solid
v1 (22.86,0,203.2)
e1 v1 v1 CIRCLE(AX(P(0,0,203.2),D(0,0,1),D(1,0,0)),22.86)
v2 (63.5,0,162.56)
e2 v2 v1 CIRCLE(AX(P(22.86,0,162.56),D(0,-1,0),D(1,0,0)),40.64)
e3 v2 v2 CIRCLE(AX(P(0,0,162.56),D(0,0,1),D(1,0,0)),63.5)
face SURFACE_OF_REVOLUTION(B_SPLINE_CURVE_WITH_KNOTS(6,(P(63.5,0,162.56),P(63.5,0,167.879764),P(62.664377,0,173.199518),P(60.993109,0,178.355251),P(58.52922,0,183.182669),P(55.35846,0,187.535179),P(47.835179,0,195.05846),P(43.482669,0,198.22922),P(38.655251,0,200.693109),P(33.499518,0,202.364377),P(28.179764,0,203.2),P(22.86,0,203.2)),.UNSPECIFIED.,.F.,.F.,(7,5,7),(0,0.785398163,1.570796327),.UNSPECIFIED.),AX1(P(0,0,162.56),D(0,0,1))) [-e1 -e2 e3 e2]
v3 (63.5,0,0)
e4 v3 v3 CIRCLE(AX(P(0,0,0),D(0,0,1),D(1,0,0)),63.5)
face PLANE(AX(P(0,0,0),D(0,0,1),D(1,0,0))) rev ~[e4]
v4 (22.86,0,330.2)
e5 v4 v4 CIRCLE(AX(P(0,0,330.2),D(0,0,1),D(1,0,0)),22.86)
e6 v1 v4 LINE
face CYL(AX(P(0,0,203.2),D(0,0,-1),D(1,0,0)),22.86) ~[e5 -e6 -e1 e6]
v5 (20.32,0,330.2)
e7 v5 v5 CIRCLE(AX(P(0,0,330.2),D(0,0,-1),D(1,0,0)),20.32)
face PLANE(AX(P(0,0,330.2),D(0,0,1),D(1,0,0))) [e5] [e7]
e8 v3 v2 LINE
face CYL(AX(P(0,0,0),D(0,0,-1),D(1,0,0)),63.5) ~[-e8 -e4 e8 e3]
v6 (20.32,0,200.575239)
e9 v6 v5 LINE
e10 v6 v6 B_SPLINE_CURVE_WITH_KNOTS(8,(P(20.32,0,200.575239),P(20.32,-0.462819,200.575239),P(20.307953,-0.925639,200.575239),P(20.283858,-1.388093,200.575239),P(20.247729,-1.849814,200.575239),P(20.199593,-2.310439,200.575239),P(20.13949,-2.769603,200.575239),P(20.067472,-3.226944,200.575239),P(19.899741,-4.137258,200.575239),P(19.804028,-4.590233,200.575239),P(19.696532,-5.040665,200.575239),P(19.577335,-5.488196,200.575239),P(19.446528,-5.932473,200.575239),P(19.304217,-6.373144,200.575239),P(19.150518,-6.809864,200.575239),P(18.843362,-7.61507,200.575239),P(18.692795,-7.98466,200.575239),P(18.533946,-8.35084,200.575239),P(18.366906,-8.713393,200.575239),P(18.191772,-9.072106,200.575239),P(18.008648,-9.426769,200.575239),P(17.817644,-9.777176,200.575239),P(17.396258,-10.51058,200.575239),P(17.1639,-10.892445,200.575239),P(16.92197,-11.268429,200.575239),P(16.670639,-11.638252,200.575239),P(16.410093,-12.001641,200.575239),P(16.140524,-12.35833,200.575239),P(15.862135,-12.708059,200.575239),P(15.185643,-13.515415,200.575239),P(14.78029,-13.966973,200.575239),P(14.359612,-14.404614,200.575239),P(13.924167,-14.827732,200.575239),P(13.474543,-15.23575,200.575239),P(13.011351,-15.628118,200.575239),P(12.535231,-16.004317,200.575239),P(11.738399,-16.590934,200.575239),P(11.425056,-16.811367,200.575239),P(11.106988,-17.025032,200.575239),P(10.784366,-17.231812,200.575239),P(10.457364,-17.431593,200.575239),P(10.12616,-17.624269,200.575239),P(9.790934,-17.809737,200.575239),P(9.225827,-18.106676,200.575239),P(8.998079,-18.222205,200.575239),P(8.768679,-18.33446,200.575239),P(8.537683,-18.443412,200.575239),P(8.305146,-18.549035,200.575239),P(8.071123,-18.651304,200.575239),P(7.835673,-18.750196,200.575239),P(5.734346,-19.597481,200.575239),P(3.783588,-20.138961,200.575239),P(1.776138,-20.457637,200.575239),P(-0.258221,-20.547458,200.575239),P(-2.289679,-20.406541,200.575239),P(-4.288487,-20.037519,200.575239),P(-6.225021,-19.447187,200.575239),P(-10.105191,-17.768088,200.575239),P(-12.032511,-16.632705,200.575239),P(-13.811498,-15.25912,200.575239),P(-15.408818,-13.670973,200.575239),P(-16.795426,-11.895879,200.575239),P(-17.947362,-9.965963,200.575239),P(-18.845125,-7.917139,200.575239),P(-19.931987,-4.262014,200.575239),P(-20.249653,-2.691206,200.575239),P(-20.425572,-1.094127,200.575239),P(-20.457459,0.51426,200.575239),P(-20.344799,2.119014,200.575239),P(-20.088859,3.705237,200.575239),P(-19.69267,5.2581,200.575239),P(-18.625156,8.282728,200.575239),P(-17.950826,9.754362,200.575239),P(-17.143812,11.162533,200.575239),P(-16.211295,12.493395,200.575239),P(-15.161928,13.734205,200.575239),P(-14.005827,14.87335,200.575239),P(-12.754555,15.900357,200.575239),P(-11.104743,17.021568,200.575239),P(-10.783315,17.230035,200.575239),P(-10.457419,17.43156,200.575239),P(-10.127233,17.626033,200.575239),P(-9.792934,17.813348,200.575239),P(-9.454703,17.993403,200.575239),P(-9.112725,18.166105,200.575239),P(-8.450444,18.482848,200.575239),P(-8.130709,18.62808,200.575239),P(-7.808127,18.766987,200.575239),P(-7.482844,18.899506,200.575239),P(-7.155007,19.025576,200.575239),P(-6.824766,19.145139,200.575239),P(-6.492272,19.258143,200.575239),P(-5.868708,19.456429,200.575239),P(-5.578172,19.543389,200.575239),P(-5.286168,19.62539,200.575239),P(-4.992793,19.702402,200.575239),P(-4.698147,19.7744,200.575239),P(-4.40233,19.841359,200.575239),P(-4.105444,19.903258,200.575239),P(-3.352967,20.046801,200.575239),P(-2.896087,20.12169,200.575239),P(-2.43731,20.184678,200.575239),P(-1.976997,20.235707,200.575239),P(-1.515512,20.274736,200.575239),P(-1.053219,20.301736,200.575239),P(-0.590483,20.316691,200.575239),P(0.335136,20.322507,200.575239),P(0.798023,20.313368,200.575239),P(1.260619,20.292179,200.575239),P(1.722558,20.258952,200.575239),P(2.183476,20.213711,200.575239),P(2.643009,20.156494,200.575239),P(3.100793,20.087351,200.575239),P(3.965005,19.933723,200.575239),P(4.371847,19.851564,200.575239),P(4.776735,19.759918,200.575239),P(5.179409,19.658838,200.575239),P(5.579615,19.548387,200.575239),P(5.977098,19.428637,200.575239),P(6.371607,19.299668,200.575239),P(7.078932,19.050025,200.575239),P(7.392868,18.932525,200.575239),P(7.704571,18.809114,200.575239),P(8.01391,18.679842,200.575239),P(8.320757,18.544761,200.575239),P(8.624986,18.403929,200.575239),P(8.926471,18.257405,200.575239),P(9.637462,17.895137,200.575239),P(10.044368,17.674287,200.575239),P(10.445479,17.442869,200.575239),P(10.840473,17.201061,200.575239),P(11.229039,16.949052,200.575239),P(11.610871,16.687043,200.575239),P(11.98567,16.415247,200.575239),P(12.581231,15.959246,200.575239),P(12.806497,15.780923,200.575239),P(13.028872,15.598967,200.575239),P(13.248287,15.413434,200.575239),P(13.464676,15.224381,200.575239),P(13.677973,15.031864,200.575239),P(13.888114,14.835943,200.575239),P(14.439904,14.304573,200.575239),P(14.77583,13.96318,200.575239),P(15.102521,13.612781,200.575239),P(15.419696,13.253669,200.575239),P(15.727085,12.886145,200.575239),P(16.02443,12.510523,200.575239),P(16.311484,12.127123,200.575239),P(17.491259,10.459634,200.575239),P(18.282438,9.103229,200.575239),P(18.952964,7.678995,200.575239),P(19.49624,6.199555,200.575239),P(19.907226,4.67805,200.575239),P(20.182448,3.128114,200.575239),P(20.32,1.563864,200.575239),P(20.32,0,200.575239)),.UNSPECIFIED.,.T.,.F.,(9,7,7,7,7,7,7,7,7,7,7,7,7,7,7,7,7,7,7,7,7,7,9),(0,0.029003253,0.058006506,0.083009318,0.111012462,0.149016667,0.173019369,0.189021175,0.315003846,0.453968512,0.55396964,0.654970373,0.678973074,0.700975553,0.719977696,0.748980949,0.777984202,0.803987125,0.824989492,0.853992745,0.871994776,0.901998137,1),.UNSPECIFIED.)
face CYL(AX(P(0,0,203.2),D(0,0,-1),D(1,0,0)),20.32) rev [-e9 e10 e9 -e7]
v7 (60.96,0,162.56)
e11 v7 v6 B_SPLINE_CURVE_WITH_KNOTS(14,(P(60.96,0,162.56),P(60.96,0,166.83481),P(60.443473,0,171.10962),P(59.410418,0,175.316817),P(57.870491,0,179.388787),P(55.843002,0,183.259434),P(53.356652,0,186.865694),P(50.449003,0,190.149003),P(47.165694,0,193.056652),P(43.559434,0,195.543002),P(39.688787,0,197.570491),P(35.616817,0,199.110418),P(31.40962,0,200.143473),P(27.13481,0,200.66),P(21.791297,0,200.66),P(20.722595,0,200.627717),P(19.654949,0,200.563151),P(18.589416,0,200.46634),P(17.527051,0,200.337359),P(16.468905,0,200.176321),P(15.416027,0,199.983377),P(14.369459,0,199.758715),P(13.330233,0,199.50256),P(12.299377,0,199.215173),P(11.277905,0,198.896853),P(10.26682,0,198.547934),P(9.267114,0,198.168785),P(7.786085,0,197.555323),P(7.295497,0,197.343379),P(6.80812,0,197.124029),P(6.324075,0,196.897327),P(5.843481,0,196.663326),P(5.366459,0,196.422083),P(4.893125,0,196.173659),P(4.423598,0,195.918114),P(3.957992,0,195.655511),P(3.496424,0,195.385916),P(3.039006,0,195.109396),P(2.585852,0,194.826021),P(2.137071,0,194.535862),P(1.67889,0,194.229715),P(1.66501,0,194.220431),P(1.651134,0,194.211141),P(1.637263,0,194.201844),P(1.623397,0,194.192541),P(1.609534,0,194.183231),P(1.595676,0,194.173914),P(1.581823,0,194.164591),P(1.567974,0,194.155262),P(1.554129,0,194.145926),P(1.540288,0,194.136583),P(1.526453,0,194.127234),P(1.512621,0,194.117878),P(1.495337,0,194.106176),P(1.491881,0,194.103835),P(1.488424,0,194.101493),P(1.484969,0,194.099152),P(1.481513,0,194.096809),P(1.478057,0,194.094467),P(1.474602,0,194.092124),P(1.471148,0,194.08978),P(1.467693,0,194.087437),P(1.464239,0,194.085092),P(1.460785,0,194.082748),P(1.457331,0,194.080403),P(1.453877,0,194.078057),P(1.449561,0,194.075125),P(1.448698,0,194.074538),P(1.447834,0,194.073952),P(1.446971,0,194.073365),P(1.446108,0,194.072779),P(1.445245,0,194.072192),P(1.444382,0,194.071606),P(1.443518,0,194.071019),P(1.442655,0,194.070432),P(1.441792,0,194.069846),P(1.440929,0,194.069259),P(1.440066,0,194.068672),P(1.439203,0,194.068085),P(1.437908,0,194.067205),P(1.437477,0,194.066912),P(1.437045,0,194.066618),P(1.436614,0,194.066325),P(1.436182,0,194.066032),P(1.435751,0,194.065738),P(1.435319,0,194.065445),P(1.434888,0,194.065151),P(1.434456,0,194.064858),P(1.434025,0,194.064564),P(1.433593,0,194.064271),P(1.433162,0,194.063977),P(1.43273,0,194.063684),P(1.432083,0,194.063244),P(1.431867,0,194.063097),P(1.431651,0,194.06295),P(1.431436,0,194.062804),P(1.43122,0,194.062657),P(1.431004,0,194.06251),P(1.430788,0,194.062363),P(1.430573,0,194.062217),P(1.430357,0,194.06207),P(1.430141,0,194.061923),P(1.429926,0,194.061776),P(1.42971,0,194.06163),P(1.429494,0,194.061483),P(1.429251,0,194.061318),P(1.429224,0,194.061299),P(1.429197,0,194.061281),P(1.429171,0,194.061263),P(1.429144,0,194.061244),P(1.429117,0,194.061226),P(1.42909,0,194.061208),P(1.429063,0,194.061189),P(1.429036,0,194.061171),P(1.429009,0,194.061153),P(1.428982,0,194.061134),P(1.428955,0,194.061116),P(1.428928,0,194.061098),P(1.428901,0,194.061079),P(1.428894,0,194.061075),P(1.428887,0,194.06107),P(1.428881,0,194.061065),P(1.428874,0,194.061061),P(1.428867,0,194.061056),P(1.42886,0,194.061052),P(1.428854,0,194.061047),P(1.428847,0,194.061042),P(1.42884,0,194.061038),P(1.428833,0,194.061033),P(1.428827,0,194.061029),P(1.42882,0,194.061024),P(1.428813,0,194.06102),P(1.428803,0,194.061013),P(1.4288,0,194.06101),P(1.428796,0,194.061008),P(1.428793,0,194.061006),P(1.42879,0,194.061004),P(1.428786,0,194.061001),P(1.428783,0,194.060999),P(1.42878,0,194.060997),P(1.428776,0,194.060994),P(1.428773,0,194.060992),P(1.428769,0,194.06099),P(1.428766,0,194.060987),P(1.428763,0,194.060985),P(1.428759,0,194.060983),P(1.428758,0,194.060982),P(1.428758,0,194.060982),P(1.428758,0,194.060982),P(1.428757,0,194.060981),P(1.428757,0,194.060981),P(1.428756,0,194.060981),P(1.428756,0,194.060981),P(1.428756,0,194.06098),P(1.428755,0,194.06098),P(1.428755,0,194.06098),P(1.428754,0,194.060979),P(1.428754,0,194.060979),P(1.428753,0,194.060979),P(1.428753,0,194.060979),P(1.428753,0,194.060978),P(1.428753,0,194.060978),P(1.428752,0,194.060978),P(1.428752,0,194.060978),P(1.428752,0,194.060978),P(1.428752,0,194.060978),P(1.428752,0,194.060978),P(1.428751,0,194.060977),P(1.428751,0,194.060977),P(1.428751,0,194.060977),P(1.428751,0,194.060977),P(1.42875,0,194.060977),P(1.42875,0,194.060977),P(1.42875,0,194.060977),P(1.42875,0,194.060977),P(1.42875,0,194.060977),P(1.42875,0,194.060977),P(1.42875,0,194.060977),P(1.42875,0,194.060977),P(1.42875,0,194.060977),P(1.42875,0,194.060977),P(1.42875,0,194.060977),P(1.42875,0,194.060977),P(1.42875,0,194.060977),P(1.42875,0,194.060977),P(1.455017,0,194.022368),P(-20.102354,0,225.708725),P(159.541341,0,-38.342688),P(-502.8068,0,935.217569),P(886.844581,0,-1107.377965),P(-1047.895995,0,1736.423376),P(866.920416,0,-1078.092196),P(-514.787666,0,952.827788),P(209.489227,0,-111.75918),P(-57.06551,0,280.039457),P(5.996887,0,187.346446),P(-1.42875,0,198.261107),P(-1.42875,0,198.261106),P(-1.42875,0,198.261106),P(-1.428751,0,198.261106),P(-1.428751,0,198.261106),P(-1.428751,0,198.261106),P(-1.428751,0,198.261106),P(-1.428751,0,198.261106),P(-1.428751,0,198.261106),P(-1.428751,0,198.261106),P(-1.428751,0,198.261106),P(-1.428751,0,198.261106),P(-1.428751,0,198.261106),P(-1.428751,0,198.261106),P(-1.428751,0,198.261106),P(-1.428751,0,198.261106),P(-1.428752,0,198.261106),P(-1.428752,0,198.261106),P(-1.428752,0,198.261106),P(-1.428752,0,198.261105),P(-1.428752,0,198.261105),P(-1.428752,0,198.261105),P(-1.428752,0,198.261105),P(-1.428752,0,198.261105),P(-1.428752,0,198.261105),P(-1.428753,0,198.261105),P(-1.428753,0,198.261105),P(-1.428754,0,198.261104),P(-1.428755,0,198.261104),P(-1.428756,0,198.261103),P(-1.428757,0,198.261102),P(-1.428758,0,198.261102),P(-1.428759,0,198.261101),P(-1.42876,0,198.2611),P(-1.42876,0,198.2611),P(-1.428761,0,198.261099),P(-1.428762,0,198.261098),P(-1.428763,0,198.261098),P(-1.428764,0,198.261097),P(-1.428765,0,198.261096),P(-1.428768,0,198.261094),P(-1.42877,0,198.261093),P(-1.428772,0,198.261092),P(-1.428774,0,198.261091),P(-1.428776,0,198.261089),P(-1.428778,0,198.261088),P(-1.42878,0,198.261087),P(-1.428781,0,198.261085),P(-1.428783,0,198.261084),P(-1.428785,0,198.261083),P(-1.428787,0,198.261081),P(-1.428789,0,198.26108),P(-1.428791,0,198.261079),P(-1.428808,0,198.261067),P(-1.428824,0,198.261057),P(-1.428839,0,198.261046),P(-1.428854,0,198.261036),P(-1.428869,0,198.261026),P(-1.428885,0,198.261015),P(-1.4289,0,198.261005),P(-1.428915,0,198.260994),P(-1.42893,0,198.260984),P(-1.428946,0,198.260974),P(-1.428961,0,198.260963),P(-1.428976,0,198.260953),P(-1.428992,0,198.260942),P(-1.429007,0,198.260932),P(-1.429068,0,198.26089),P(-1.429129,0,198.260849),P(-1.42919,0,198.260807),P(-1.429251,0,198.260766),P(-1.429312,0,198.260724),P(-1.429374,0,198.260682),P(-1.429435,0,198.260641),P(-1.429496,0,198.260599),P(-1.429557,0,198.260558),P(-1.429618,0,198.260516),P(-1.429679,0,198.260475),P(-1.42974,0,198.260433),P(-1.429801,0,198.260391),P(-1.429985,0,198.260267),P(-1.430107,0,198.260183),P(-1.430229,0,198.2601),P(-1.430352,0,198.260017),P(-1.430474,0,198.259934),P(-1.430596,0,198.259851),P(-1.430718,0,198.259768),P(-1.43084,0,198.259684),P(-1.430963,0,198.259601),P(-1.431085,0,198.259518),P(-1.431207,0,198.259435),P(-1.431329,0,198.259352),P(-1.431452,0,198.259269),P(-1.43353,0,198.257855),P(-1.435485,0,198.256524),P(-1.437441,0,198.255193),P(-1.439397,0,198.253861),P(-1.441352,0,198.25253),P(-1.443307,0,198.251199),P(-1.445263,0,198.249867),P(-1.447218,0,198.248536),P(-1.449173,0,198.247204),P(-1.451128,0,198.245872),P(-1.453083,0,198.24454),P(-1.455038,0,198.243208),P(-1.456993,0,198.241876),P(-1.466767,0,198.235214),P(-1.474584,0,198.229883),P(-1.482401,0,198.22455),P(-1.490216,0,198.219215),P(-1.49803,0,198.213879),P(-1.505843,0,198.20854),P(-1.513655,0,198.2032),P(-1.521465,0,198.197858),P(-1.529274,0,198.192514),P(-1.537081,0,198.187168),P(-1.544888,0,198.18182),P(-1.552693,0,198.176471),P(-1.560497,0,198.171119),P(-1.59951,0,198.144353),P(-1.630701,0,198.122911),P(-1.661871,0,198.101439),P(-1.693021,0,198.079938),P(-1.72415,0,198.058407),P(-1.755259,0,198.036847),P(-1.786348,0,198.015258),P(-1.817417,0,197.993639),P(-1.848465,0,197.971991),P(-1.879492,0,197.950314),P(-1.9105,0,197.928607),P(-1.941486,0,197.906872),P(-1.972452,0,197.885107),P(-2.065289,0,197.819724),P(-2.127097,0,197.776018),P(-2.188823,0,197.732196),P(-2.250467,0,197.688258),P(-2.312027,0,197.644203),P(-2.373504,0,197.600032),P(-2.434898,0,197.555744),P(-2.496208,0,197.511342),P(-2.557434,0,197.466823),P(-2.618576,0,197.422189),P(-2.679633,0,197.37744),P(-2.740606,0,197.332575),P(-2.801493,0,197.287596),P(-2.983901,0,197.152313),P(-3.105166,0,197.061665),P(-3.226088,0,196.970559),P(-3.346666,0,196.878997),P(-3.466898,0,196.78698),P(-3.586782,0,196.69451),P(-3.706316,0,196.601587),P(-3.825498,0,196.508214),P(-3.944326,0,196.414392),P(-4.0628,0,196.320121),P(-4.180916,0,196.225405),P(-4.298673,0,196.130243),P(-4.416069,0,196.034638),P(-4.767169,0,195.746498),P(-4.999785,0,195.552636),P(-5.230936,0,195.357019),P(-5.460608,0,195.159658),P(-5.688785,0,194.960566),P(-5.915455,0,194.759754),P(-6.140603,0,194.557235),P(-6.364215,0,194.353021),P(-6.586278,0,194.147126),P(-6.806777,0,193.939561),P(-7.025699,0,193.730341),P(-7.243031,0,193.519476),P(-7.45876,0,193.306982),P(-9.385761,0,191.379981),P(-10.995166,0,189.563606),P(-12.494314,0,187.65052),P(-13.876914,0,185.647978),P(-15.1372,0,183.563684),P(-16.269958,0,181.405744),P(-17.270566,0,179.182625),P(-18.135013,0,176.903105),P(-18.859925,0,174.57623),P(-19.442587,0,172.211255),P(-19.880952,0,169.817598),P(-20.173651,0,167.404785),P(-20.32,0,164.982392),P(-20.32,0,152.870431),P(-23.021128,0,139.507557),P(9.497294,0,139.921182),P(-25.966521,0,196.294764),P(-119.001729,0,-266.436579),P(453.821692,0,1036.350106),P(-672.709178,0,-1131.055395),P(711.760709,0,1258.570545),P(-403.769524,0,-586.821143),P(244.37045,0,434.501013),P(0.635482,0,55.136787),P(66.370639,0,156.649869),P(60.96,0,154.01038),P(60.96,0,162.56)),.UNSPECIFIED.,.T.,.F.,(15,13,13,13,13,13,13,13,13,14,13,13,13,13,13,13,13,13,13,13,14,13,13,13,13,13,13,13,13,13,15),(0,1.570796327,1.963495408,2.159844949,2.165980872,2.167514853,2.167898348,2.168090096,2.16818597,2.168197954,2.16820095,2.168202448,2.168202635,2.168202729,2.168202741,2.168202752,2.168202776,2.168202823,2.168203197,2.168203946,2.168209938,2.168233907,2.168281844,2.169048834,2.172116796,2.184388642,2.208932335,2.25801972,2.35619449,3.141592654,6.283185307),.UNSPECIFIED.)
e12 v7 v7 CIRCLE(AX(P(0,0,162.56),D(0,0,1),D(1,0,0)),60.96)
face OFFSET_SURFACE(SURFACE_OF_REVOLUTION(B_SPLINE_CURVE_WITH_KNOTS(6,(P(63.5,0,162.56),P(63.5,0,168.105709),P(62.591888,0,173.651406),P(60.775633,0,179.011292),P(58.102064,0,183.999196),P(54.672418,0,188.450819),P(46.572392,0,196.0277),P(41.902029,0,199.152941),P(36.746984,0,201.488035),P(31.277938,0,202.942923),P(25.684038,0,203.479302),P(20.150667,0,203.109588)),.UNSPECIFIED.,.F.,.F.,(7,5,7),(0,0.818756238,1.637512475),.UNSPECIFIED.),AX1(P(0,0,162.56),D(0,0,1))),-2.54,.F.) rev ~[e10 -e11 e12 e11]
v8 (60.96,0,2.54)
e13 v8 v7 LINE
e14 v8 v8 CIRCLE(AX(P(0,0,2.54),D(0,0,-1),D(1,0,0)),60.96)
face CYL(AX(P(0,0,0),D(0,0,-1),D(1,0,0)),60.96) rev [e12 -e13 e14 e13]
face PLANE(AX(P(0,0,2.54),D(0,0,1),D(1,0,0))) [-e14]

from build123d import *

# Parameters (mm, degrees)
F0_R     = 63.5
F1_DEPTH = 203.2
F2_R     = 40.64
F3_DEPTH = 127
F4_T     = -2.54


with BuildPart() as f1:
    # F0 (on Top) → F1 (new body)
    with BuildSketch(Plane.XY):
        Circle(F0_R)
    extrude(amount=F1_DEPTH)

    # F2
    f2_edges = [f1.edges().sort_by_distance(p)[0] for p in [
        (-63.5, 0, 203.2),
    ]]
    fillet(f2_edges, radius=F2_R)

    # F3 (add): a face of the model
    f3_faces = [f1.faces().sort_by_distance(p)[0] for p in [
        (0, 0, 203.2),
    ]]
    extrude(f3_faces, amount=F3_DEPTH)

    # F4
    f4_openings = [f1.faces().sort_by_distance(p)[0] for p in [
        (0, 0, 330.2),
    ]]
    offset(amount=F4_T, openings=f4_openings, kind=Kind.INTERSECTION)


solid = f1.part
